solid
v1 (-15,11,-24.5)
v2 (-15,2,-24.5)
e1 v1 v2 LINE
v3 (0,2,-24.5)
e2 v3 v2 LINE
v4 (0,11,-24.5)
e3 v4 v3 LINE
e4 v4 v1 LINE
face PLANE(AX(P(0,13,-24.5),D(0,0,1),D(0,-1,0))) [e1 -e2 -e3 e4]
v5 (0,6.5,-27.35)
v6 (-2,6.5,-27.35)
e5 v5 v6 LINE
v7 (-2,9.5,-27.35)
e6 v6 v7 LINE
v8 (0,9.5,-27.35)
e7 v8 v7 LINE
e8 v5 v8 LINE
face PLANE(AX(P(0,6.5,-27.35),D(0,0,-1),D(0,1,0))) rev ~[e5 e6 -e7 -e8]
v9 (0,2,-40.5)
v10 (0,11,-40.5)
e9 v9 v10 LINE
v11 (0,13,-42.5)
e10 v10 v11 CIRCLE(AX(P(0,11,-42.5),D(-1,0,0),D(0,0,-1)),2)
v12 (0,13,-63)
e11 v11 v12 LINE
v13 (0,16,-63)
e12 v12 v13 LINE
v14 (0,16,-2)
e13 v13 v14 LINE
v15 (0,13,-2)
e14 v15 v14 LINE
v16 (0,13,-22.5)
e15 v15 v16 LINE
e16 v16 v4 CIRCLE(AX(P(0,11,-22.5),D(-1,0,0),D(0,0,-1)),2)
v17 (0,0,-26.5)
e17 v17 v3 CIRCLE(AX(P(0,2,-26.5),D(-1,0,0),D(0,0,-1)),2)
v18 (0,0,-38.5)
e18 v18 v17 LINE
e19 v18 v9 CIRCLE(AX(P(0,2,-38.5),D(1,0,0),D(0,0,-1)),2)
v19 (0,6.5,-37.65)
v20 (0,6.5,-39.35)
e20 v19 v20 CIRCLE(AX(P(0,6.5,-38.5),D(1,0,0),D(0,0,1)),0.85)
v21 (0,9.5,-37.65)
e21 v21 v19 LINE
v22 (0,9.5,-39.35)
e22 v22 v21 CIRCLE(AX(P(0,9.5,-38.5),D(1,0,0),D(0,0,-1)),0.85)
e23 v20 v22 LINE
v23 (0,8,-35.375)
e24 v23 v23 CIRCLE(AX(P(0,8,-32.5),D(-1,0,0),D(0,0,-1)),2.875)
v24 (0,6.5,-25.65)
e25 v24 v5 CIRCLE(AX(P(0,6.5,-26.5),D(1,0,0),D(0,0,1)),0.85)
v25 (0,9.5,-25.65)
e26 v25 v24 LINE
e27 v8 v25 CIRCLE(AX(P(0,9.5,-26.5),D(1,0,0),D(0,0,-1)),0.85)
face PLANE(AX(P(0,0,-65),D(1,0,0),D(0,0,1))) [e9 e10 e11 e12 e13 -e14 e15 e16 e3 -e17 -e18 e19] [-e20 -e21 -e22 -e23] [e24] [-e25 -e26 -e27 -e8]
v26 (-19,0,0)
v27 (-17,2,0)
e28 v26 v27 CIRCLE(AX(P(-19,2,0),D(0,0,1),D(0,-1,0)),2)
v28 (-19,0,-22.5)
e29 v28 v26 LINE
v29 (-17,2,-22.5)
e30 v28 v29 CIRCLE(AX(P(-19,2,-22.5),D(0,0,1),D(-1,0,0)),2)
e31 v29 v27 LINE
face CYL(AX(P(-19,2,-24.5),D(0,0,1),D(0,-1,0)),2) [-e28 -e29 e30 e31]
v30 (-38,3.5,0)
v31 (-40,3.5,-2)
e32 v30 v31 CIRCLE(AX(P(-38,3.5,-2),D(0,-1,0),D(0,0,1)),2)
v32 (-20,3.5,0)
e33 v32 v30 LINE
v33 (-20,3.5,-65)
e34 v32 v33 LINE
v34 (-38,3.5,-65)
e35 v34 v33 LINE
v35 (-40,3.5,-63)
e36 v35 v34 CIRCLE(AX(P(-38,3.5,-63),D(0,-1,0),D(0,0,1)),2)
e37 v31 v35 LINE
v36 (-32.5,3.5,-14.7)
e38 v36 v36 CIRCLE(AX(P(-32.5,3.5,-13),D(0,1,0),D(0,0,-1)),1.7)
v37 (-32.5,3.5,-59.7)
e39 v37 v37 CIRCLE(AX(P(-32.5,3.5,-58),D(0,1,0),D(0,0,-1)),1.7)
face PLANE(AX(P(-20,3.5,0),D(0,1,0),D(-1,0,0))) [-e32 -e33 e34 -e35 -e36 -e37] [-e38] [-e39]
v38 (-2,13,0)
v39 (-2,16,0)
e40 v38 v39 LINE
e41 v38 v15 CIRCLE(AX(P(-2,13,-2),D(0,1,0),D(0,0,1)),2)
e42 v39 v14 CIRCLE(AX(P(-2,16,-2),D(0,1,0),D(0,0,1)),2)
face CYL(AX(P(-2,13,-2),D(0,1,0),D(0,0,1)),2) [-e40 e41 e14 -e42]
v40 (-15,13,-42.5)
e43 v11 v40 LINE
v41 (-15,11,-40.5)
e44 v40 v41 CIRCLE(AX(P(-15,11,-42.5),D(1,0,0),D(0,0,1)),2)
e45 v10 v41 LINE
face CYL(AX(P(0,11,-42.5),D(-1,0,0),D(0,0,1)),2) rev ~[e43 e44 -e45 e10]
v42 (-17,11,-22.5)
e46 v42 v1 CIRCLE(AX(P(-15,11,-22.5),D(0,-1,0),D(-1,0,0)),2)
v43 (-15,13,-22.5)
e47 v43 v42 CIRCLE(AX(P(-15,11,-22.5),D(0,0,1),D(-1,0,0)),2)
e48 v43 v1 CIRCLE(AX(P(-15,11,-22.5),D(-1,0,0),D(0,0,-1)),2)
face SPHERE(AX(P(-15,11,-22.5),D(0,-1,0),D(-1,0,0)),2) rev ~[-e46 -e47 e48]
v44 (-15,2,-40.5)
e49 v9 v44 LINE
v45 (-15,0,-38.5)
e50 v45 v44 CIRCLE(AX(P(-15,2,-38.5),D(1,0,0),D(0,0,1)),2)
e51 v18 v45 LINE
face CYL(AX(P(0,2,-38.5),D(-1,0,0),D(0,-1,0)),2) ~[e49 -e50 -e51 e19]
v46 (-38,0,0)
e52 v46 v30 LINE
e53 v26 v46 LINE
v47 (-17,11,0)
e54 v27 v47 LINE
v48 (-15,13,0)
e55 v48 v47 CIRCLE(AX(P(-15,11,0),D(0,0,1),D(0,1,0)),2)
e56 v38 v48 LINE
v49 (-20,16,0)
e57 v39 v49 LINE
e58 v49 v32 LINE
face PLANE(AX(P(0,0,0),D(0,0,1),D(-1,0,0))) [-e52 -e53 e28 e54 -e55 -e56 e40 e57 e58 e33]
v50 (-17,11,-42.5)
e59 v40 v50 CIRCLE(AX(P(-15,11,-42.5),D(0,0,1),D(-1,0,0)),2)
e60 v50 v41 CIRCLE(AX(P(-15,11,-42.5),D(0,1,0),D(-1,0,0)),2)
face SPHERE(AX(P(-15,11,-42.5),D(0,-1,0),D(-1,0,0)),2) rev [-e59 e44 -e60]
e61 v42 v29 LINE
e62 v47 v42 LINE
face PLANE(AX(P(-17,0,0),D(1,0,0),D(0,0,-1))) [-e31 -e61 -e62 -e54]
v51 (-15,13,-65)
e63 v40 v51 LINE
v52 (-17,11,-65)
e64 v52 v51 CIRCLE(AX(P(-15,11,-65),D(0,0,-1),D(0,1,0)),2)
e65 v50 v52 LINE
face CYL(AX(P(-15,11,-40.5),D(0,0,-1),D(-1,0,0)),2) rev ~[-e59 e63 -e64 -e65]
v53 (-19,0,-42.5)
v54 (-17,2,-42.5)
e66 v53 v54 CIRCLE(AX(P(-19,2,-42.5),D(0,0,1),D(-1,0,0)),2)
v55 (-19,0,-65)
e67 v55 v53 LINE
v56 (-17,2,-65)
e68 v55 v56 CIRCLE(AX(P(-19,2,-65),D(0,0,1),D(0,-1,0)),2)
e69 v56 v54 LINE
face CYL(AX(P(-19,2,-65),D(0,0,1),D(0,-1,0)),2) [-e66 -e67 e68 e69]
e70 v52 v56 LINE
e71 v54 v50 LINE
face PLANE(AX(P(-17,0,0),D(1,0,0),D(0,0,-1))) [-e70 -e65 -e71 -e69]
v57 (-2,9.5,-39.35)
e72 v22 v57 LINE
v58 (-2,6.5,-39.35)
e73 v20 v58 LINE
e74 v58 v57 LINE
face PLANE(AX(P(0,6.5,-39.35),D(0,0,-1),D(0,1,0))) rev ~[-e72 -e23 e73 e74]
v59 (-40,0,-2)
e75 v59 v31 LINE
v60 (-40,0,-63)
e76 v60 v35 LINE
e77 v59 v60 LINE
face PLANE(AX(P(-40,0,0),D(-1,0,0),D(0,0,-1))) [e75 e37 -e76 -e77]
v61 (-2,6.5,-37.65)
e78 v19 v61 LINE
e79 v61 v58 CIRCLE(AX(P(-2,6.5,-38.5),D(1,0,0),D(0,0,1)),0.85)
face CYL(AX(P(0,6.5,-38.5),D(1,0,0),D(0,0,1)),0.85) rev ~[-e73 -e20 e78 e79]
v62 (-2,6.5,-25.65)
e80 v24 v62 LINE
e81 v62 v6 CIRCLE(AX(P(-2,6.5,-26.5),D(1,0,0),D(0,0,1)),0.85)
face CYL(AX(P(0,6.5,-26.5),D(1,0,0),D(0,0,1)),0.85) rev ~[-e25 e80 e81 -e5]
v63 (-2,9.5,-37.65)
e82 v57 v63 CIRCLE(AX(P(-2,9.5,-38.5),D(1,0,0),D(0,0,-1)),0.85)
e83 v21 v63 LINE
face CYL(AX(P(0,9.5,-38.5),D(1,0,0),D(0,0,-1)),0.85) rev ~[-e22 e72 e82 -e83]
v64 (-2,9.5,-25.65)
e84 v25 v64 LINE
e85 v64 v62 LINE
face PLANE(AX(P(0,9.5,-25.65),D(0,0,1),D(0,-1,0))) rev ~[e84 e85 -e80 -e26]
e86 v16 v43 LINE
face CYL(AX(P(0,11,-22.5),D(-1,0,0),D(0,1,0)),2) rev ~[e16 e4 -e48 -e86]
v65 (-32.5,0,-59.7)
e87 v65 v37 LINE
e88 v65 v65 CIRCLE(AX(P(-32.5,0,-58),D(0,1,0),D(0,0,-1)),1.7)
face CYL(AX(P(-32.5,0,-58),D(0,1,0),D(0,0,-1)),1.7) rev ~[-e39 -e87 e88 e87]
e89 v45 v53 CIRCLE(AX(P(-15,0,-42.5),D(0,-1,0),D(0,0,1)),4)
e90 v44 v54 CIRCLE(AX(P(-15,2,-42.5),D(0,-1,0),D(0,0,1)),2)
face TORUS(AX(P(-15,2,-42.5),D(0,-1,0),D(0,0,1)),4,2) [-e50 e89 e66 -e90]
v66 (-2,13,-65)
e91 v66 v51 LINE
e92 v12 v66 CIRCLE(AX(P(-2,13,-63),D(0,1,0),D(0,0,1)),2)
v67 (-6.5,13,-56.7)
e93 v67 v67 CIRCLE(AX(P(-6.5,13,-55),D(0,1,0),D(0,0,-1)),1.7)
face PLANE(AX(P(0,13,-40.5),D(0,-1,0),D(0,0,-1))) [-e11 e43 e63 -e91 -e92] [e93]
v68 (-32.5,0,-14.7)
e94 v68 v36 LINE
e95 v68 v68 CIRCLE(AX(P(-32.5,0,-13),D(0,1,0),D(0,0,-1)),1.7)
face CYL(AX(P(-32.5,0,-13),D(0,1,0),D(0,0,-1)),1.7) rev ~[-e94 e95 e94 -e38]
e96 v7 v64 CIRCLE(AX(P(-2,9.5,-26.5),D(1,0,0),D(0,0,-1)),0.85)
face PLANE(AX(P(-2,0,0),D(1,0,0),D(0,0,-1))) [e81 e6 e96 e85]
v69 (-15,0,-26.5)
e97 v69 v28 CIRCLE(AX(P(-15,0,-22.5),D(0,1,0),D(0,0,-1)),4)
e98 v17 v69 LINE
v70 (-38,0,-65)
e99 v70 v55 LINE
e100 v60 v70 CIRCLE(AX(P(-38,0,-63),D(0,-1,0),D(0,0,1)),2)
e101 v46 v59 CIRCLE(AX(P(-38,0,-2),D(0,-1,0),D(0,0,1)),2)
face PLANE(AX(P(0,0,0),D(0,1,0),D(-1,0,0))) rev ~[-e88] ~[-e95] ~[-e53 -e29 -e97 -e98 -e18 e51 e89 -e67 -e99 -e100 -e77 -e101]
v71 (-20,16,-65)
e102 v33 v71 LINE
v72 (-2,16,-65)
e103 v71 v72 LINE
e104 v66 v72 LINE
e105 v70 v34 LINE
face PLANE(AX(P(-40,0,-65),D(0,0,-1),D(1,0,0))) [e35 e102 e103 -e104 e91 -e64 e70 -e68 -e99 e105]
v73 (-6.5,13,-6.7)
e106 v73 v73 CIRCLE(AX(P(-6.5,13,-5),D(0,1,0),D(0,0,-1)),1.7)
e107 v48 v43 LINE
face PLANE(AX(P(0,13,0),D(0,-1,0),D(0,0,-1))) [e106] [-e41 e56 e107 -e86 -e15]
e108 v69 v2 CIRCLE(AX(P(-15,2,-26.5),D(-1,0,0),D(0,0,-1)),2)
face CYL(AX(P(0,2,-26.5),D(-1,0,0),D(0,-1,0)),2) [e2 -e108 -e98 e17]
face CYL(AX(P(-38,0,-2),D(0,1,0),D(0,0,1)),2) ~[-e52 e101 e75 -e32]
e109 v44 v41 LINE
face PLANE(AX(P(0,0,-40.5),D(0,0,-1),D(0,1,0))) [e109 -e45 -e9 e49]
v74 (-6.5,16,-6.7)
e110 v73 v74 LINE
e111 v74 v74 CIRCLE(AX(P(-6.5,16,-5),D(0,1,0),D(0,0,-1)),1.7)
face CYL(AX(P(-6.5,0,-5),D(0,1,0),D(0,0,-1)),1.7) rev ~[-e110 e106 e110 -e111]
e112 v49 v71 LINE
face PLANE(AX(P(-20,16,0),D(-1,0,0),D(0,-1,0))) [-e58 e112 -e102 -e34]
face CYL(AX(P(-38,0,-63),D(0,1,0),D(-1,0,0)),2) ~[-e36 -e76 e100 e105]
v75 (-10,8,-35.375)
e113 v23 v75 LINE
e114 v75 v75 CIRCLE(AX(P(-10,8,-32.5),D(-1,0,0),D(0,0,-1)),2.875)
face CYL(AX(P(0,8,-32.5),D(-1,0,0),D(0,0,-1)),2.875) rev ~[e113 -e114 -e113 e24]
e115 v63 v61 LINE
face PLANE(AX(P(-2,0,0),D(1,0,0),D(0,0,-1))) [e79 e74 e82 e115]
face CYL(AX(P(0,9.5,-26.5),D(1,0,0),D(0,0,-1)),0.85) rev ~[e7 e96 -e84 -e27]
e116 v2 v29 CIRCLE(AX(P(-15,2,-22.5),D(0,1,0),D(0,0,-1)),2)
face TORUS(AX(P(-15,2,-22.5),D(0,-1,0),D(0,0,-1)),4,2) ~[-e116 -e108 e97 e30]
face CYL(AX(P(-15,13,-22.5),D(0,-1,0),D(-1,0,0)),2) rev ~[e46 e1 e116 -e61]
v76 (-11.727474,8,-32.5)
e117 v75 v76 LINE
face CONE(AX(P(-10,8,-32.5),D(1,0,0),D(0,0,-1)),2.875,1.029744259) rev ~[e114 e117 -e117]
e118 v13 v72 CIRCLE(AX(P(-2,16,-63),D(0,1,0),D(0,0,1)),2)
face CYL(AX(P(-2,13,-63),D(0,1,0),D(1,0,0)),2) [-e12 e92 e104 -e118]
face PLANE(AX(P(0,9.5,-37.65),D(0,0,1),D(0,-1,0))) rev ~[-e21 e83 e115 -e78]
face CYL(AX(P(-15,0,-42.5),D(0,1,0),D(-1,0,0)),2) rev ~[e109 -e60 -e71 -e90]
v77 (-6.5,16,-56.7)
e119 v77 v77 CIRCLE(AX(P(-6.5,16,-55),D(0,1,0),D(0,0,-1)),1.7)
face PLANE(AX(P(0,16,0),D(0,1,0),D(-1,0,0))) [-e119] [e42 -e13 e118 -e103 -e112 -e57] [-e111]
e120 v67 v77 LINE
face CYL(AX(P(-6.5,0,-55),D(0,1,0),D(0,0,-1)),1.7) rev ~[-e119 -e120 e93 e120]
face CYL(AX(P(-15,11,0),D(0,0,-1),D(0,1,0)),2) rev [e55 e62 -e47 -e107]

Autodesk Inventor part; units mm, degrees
ref_plane "YZ Plane" through (0, 0, 0) normal (1, 0, 0) x (0, 1, 0)
ref_plane "XZ Plane" through (0, 0, 0) normal (0, 1, 0) x (-1, 0, 0)
ref_plane "XY Plane" through (0, 0, 0) normal (0, 0, 1) x (1, 0, 0)
sketch "Sketch1" plane through (0, 0, 0) normal (0, 1, 0) x (-1, 0, 0)
  line L0 (0, 0) -> (40, 0)
  line L1 (40, 0) -> (40, -65)
  line L2 (40, -65) -> (0, -65)
  line L3 (0, -65) -> (0, 0)
  dimension "d0" = 40
  dimension "d1" = 65
extrude "Extrusion1" add sketch "Sketch1" along normal blind 16
sketch "Sketch2" plane through (-40, 0, 0) normal (0, 0, 1) x (1, 0, 0)
  line L0 (0, 16) -> (40, 16) projected
  line L1 (0, 16) -> (20, 16)
  line L2 (20, 16) -> (20, 3.5)
  line L3 (20, 3.5) -> (0, 3.5)
  line L4 (0, 3.5) -> (0, 16)
  line L5 (40, 0) -> (0, 0) projected
  dimension "d4" = 20
  dimension "d5" = 3.5
extrude "Extrusion2" cut sketch "Sketch2" against normal through all
sketch "Sketch3" plane through (0, 0, 0) normal (0, -1, 0) x (1, 0, 0)
  line L0 (-32.5, -58) -> (-32.5, -13) construction
  line L1 (-6.5, -55) -> (-6.5, -5) construction
  line L2 (-40, -65) -> (0, -65) construction
  line L3 (0, 0) -> (-40, 0) construction
  line L4 (0, -65) -> (0, 0) construction
  line L5 (-40, 0) -> (-40, -65) construction
  dimension "d8" = 45
  dimension "d9" = 50
  dimension "d10" = 7
  dimension "d11" = 5
  dimension "d12" = 6.5
  dimension "d13" = 7.5
hole "Hole1" at (-32.5, 0, -58) at (-32.5, 0, -13) at (-6.5, 0, -55) at (-6.5, 0, -5) direction (0, 1, 0) diameter 3.4 end through all clearance for "Flat Head Machine Screw" size "M3" standard "Ansi Metric M Profile"
sketch "Sketch4" plane through (0, 0, 0) normal (1, 0, 0) x (0, 0, -1)
  line L0 (38.5, 6.5) -> (38.5, 9.5) construction
  line L1 (39.35, 6.5) -> (39.35, 9.5)
  line L2 (37.65, 9.5) -> (37.65, 6.5)
  arc A0 (37.65, 6.5) -> (39.35, 6.5) centre (38.5, 6.5) ccw
  arc A1 (39.35, 9.5) -> (37.65, 9.5) centre (38.5, 9.5) ccw
  line L3 (26.5, 6.5) -> (26.5, 9.5) construction
  line L4 (27.35, 6.5) -> (27.35, 9.5)
  line L5 (25.65, 9.5) -> (25.65, 6.5)
  arc A2 (25.65, 6.5) -> (27.35, 6.5) centre (26.5, 6.5) ccw
  arc A3 (27.35, 9.5) -> (25.65, 9.5) centre (26.5, 9.5) ccw
  line L6 (0, 0) -> (0, 16) construction
  line L7 (65, 0) -> (65, 16) construction
  line L8 (38.5, 8) -> (26.5, 8) construction
  line L9 (65, 0) -> (0, 0) construction
  line L10 (0, 16) -> (65, 16) construction
  line L11 (65, 0) -> (40.5, 0)
  line L12 (40.5, 0) -> (40.5, 13)
  line L13 (40.5, 13) -> (65, 13)
  line L14 (65, 13) -> (65, 0)
  line L15 (24.5, 0) -> (0, 0)
  line L16 (0, 0) -> (0, 13)
  line L17 (0, 13) -> (24.5, 13)
  line L18 (24.5, 13) -> (24.5, 0)
  point P0 (32.5, 8)
  dimension "d21" = 12
  dimension "d22" = 6
  dimension "d23" = 65
  dimension "d24" = 32.5
  dimension "d25" = 3
  dimension "d26" = 3
  dimension "d27" = 0.85
  dimension "d28" = 0.85
  dimension "d29" = 0
  dimension "d30" = 16
  dimension "d31" = 8
  dimension "d32" = 3
  dimension "d33" = 3
  dimension "d34" = 16
  dimension "d35" = 8
extrude "Extrusion3" cut sketch "Sketch4" against normal blind 2 contours A0 L2 A1 L1 | A2 L5 A3 L4
extrude "Extrusion4" cut sketch "Sketch4" against normal blind 17 contours L11 L12 L13 L14 | L15 L16 L17 L18
fillet "Fillet1" radius 2 14 edges at (-8.5, 0, -40.5) (-8.5, 0, -24.5) (-40, 1.75, -65) (-40, 1.75, 0) (0, 14.5, 0) (0, 14.5, -65) (-17, 0, -52.75) (-17, 0, -12.25) (-17, 6.5, -40.5) (-17, 6.5, -24.5) (-17, 13, -52.75) (-8.5, 13, -40.5) (-17, 13, -12.25) (-8.5, 13, -24.5)
hole "Hole2" at (0, 8, -32.5) direction (-1, 0, 0) diameter 5.75 depth 10 tip angle 118
equation "\"d22\" = 0.5 * d21"
equation "\"d24\" = 0.5 * d23"
equation "\"d26\" = d25"
equation "\"d28\" = d27"
equation "\"d31\" = 0.5 * d30"
equation "\"d35\" = 0.5 * d34"
properties part number "Dual Camera Mount"
